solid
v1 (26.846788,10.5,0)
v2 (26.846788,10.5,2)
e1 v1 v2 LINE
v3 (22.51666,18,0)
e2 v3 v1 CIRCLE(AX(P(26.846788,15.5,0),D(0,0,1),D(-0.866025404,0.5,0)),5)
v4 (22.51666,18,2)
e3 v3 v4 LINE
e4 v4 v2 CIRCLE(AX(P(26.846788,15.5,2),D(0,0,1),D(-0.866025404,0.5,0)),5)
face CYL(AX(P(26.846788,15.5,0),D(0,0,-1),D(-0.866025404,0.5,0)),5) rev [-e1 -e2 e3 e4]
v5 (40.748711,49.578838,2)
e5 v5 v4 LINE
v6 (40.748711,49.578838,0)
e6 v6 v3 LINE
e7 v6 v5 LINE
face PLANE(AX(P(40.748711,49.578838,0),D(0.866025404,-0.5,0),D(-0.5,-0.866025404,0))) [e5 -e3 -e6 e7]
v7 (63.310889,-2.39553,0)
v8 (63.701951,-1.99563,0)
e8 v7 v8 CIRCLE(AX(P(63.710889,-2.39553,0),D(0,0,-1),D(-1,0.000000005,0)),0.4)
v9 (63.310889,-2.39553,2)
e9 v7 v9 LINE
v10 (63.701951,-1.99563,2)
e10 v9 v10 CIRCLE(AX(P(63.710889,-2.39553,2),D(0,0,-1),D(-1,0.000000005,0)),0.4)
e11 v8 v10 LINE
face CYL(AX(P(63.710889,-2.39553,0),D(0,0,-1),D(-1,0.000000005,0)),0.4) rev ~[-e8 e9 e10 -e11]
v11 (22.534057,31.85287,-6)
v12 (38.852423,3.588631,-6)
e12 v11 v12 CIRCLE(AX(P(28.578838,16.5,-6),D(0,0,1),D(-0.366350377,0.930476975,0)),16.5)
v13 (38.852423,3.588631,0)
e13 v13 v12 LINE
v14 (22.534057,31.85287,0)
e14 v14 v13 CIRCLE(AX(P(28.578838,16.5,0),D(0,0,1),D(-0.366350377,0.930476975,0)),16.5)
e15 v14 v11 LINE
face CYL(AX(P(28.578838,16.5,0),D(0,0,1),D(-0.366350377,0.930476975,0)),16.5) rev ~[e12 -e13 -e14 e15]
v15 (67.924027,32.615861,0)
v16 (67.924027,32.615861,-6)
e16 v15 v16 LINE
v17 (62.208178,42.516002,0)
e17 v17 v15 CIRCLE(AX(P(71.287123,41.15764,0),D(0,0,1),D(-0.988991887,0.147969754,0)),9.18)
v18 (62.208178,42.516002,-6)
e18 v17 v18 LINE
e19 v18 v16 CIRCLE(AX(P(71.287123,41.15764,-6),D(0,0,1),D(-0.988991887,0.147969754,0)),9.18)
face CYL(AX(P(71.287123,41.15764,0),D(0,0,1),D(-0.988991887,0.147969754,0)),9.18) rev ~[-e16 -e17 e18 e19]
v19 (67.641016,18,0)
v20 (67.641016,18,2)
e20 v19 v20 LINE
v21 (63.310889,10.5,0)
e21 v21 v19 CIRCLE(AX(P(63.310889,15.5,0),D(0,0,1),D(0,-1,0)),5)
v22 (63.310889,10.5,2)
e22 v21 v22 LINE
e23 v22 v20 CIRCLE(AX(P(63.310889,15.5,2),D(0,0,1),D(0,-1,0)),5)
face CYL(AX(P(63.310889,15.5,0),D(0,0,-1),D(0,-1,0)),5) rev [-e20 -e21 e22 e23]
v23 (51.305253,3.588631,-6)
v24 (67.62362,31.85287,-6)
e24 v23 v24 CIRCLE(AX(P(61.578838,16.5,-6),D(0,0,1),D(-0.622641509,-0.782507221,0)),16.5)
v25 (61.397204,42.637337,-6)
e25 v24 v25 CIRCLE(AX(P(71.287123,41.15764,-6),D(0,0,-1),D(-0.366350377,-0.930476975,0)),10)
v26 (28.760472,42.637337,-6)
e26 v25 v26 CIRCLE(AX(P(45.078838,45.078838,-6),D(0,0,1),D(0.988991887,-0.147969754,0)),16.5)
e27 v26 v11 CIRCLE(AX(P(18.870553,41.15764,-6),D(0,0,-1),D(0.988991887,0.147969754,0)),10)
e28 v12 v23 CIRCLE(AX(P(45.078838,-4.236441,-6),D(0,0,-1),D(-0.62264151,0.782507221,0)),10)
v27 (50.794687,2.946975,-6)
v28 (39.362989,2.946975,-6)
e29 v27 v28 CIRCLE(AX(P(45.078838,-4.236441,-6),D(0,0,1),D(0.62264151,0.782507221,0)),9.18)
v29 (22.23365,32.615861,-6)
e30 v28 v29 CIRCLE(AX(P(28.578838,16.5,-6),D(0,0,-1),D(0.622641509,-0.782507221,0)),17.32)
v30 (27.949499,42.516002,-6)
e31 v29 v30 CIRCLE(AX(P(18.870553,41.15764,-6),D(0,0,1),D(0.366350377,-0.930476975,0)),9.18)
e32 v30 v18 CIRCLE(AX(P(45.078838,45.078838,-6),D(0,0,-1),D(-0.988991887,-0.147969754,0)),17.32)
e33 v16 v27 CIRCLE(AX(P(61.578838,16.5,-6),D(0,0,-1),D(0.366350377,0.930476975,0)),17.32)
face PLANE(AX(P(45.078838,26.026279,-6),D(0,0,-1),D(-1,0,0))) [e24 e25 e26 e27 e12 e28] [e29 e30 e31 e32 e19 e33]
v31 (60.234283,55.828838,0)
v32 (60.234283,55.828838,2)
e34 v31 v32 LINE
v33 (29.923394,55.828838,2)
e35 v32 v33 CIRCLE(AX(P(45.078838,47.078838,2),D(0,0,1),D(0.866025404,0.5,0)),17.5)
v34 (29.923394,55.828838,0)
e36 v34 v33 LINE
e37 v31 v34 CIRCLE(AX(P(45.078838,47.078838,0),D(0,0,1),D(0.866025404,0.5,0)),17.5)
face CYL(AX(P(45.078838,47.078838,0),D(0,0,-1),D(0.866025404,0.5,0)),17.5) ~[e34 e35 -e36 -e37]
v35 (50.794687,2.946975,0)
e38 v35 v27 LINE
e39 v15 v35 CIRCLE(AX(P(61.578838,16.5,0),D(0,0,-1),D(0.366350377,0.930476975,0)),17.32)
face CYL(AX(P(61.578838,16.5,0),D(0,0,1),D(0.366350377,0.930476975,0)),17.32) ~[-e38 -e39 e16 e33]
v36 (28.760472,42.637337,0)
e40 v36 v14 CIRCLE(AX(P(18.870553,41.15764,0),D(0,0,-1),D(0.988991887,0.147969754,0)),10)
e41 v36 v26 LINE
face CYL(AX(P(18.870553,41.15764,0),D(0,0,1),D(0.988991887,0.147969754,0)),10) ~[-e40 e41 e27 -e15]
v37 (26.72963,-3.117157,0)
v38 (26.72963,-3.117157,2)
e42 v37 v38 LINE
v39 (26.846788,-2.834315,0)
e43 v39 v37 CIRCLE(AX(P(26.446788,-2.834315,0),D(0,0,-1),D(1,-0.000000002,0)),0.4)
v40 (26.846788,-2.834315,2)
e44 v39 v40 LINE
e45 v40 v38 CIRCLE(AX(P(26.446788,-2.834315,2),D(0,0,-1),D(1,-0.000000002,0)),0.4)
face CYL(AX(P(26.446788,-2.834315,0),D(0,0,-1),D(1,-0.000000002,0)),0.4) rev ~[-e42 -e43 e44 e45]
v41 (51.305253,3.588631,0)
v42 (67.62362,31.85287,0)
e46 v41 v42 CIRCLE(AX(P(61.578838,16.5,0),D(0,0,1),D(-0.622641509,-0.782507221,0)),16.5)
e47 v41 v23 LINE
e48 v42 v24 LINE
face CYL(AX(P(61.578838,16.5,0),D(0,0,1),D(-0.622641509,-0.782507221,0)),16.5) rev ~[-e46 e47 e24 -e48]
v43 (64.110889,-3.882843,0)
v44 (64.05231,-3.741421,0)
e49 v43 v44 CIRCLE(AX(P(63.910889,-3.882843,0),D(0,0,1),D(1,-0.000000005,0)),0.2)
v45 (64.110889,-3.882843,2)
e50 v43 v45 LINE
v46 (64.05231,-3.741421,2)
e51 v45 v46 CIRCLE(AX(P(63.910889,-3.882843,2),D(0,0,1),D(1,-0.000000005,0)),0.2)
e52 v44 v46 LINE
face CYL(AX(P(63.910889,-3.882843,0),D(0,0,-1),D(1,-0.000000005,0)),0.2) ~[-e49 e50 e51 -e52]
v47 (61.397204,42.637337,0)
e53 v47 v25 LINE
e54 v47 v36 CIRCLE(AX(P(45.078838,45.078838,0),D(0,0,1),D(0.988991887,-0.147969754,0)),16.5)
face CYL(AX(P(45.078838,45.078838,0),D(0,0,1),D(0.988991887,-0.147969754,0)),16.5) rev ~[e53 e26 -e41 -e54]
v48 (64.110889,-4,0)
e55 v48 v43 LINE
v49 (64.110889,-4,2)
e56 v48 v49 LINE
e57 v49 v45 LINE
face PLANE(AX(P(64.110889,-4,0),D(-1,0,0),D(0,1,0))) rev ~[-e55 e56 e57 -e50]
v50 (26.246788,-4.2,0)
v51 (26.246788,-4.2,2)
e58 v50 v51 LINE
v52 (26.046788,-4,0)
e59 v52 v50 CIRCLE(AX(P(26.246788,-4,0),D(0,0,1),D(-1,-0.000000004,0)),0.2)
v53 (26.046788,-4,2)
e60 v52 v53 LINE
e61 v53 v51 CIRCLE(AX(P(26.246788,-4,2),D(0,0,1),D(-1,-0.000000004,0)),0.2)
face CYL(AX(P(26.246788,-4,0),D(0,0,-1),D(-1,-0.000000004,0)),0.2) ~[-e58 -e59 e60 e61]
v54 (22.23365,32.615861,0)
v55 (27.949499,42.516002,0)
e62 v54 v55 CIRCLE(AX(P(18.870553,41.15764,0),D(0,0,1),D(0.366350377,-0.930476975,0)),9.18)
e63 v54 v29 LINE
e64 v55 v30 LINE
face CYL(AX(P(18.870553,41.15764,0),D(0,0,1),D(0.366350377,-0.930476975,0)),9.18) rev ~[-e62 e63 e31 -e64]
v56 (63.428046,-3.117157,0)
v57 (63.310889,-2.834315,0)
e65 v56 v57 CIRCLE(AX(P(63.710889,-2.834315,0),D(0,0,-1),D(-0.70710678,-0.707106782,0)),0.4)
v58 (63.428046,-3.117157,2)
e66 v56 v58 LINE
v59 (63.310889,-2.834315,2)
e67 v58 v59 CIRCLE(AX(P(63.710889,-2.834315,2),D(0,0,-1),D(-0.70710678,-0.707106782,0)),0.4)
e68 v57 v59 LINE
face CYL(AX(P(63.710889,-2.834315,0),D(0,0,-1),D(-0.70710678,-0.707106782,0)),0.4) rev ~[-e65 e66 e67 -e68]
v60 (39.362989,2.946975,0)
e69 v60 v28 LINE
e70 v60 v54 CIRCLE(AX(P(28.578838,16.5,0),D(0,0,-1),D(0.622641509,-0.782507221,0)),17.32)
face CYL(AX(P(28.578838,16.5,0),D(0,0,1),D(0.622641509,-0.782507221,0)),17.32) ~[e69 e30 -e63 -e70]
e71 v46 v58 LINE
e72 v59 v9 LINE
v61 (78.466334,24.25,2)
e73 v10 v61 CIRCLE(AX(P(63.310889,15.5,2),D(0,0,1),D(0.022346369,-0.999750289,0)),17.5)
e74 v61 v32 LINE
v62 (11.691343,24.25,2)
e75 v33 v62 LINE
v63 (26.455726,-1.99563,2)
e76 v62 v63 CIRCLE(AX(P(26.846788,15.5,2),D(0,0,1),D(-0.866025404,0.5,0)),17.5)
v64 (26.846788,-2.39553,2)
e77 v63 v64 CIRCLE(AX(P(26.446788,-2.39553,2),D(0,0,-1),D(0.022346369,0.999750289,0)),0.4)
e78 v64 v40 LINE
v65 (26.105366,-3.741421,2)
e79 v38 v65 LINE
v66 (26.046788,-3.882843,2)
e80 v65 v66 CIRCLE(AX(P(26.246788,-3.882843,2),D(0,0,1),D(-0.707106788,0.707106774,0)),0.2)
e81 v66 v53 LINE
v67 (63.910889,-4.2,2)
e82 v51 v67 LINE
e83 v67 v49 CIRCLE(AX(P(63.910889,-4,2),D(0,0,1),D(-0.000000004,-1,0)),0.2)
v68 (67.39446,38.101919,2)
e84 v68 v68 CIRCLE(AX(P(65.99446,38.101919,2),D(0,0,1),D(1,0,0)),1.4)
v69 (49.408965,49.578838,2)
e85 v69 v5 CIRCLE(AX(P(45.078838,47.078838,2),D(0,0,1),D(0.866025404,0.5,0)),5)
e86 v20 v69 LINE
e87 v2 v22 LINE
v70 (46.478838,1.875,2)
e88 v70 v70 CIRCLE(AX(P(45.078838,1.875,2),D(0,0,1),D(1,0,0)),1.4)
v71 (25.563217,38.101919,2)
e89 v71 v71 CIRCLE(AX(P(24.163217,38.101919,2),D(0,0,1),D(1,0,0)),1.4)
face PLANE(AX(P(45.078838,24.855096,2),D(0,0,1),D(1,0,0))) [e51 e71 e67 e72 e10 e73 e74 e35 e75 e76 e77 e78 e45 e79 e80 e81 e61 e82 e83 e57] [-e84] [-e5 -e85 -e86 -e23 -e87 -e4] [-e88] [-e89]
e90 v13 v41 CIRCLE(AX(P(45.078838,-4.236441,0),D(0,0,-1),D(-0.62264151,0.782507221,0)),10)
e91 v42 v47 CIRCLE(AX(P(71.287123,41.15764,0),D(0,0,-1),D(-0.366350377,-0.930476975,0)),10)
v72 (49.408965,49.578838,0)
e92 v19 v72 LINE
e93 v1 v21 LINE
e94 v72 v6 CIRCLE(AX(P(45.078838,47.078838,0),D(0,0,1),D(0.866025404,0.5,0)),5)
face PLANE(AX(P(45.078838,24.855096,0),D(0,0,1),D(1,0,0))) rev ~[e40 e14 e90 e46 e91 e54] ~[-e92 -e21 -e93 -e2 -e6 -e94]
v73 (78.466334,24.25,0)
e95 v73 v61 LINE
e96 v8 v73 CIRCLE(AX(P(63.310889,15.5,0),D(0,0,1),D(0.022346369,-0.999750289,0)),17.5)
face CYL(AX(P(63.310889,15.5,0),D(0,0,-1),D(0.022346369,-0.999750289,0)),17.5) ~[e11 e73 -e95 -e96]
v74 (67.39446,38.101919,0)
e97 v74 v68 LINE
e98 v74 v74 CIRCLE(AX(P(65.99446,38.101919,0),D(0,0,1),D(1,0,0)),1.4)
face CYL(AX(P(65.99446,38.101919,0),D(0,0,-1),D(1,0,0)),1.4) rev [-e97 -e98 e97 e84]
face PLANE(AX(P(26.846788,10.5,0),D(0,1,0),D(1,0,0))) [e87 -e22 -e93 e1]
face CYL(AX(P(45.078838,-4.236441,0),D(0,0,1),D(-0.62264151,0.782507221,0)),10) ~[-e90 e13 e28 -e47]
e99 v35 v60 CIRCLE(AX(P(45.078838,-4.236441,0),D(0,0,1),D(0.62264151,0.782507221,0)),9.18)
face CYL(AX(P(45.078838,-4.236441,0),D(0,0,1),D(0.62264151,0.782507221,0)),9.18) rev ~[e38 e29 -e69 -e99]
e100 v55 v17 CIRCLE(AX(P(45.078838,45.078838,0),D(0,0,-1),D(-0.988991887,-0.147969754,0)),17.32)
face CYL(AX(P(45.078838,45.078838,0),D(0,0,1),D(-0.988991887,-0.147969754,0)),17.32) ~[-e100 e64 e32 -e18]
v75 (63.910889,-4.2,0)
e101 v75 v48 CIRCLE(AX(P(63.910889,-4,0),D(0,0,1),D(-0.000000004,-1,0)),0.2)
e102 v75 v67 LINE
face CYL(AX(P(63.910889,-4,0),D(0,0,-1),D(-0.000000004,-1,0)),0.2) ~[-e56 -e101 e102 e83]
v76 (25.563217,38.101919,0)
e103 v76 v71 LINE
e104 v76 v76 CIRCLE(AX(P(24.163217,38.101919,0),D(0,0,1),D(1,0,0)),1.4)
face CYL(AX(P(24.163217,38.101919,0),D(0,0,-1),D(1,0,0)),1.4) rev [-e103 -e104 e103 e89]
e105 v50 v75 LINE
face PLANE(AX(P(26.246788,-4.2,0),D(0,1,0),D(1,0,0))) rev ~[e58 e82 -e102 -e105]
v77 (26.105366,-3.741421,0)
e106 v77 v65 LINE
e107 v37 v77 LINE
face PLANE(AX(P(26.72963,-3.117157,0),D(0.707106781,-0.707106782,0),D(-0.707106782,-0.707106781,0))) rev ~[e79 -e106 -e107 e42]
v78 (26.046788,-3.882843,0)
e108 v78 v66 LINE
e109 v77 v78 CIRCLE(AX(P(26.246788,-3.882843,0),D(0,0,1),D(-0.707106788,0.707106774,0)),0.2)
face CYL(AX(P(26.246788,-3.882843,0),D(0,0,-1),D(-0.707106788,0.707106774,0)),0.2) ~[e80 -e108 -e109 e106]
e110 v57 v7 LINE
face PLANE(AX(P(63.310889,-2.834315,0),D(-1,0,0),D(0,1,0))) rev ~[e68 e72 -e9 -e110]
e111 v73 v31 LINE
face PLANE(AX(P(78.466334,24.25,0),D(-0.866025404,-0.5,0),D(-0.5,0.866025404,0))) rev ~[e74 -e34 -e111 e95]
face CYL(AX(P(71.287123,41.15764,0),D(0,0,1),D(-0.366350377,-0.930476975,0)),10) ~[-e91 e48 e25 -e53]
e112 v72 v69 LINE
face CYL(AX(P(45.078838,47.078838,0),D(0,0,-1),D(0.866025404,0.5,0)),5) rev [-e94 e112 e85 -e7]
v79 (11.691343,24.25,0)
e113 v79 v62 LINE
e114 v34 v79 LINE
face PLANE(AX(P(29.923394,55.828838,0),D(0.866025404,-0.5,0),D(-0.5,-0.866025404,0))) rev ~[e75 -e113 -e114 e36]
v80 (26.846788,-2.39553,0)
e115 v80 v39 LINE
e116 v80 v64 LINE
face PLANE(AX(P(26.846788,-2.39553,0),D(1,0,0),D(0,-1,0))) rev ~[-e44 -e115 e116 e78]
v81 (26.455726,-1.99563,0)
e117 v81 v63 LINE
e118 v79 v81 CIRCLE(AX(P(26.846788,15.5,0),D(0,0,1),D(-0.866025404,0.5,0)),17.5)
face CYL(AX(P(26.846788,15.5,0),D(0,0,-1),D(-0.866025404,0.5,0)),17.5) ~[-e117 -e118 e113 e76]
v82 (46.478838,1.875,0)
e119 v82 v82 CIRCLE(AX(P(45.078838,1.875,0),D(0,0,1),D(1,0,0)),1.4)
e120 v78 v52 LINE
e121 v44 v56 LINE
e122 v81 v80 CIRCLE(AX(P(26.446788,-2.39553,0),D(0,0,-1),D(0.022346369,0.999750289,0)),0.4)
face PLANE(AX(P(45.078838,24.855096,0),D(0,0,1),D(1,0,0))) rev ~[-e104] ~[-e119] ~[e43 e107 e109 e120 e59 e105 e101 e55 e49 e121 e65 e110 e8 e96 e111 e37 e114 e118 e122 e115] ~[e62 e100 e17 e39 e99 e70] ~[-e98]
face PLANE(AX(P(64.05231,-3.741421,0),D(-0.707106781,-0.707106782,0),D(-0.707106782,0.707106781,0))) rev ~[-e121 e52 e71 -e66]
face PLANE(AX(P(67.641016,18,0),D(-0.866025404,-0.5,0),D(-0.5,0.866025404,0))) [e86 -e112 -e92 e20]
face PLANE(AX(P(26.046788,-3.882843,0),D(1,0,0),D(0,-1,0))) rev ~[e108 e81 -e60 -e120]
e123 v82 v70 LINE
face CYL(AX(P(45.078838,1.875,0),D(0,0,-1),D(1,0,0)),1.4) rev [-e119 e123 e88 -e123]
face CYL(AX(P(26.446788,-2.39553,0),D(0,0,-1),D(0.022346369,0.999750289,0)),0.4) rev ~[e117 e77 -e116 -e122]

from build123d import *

# Parameters (mm, degrees)
SKETCH1_R           = 1.4
BOSS_EXTRUDE1_DEPTH = 2
BOSS_EXTRUDE2_DEPTH = 6


with BuildPart() as part:
    # Sketch1 → Boss-Extrude1 (new body)
    with BuildSketch(Plane.XY):
        with BuildLine():
            Line((78.466333699, 24.25), (60.234282891, 55.828838325))
            ThreePointArc((60.234282891, 55.828838325), (45.078838325, 64.578838325), (29.923393759, 55.828838325))
            Line((29.923393759, 55.828838325), (11.691342951, 24.25))
            ThreePointArc((11.691342951, 24.25), (11.594517635, 6.919891409), (26.455726065, -1.995630053))
            ThreePointArc((26.455726065, -1.995630053), (26.732773023, -2.115865565), (26.846787517, -2.395530168))
            Line((26.846787517, -2.395530168), (26.846787517, -2.834314575))
            ThreePointArc((26.846787517, -2.834314575), (26.81633933, -2.987387948), (26.72963023, -3.117157288))
            Line((26.72963023, -3.117157288), (26.105366161, -3.741421356))
            ThreePointArc((26.105366161, -3.741421356), (26.062011611, -3.806306026), (26.046787517, -3.882842712))
            Line((26.046787517, -3.882842712), (26.046787517, -4))
            ThreePointArc((26.046787517, -4), (26.105366161, -4.141421356), (26.246787517, -4.2))
            Line((26.246787517, -4.2), (63.910889132, -4.2))
            ThreePointArc((63.910889132, -4.2), (64.052310489, -4.141421356), (64.110889132, -4))
            Line((64.110889132, -4), (64.110889132, -3.882842712))
            ThreePointArc((64.110889132, -3.882842712), (64.095665039, -3.806306026), (64.052310489, -3.741421356))
            Line((64.052310489, -3.741421356), (63.42804642, -3.117157288))
            ThreePointArc((63.42804642, -3.117157288), (63.341337319, -2.987387948), (63.310889132, -2.834314575))
            Line((63.310889132, -2.834314575), (63.310889132, -2.395530168))
            ThreePointArc((63.310889132, -2.395530168), (63.424903627, -2.115865565), (63.701950585, -1.995630053))
            ThreePointArc((63.701950585, -1.995630053), (78.563159015, 6.919891409), (78.466333699, 24.25))
        make_face()
        with Locations((65.994459855, 38.101919162)):
            Circle(SKETCH1_R, mode=Mode.SUBTRACT)
        with Locations((45.078838325, 1.875)):
            Circle(SKETCH1_R, mode=Mode.SUBTRACT)
        with Locations((24.163216795, 38.101919162)):
            Circle(SKETCH1_R, mode=Mode.SUBTRACT)
        with BuildLine():
            Line((26.846787517, 10.5), (63.310889132, 10.5))
            ThreePointArc((63.310889132, 10.5), (67.641016151, 13), (67.641016151, 18))
            Line((67.641016151, 18), (49.408965344, 49.578838325))
            ThreePointArc((49.408965344, 49.578838325), (45.078838325, 52.078838325), (40.748711306, 49.578838325))
            Line((40.748711306, 49.578838325), (22.516660498, 18))
            ThreePointArc((22.516660498, 18), (22.516660498, 13), (26.846787517, 10.5))
        make_face(mode=Mode.SUBTRACT)
    extrude(amount=BOSS_EXTRUDE1_DEPTH)

    # Sketch2 → Boss-Extrude2 (add)
    with BuildSketch(Plane(origin=(0, 0, 0), x_dir=(-1, 0, 0), z_dir=(0, 0, -1))):
        with BuildLine():
            ThreePointArc((-27.949498848, 42.516002182), (-45.078838325, 62.398838325), (-62.208177802, 42.516002182))
            ThreePointArc((-62.208177802, 42.516002182), (-63.337010114, 36.567639839), (-67.924026858, 32.615861208))
            ThreePointArc((-67.924026858, 32.615861208), (-76.578398318, 7.84), (-50.794687381, 2.946974934))
            ThreePointArc((-50.794687381, 2.946974934), (-45.078838325, 4.943558647), (-39.362989268, 2.946974934))
            ThreePointArc((-39.362989268, 2.946974934), (-13.579278331, 7.84), (-22.233649792, 32.615861208))
            ThreePointArc((-22.233649792, 32.615861208), (-26.820666536, 36.567639839), (-27.949498848, 42.516002182))
        make_face()
        with BuildLine():
            ThreePointArc((-67.623619549, 31.852870089), (-62.626869283, 36.157639839), (-61.397204455, 42.637337381))
            ThreePointArc((-61.397204455, 42.637337381), (-45.078838325, 61.578838325), (-28.760472195, 42.637337381))
            ThreePointArc((-28.760472195, 42.637337381), (-27.530807367, 36.157639839), (-22.534057101, 31.852870089))
            ThreePointArc((-22.534057101, 31.852870089), (-14.289419162, 8.25), (-38.852423231, 3.588630855))
            ThreePointArc((-38.852423231, 3.588630855), (-45.078838325, 5.763558647), (-51.305253419, 3.588630855))
            ThreePointArc((-51.305253419, 3.588630855), (-75.868257487, 8.25), (-67.623619549, 31.852870089))
        make_face(mode=Mode.SUBTRACT)
    extrude(amount=BOSS_EXTRUDE2_DEPTH)


solid = part.part
